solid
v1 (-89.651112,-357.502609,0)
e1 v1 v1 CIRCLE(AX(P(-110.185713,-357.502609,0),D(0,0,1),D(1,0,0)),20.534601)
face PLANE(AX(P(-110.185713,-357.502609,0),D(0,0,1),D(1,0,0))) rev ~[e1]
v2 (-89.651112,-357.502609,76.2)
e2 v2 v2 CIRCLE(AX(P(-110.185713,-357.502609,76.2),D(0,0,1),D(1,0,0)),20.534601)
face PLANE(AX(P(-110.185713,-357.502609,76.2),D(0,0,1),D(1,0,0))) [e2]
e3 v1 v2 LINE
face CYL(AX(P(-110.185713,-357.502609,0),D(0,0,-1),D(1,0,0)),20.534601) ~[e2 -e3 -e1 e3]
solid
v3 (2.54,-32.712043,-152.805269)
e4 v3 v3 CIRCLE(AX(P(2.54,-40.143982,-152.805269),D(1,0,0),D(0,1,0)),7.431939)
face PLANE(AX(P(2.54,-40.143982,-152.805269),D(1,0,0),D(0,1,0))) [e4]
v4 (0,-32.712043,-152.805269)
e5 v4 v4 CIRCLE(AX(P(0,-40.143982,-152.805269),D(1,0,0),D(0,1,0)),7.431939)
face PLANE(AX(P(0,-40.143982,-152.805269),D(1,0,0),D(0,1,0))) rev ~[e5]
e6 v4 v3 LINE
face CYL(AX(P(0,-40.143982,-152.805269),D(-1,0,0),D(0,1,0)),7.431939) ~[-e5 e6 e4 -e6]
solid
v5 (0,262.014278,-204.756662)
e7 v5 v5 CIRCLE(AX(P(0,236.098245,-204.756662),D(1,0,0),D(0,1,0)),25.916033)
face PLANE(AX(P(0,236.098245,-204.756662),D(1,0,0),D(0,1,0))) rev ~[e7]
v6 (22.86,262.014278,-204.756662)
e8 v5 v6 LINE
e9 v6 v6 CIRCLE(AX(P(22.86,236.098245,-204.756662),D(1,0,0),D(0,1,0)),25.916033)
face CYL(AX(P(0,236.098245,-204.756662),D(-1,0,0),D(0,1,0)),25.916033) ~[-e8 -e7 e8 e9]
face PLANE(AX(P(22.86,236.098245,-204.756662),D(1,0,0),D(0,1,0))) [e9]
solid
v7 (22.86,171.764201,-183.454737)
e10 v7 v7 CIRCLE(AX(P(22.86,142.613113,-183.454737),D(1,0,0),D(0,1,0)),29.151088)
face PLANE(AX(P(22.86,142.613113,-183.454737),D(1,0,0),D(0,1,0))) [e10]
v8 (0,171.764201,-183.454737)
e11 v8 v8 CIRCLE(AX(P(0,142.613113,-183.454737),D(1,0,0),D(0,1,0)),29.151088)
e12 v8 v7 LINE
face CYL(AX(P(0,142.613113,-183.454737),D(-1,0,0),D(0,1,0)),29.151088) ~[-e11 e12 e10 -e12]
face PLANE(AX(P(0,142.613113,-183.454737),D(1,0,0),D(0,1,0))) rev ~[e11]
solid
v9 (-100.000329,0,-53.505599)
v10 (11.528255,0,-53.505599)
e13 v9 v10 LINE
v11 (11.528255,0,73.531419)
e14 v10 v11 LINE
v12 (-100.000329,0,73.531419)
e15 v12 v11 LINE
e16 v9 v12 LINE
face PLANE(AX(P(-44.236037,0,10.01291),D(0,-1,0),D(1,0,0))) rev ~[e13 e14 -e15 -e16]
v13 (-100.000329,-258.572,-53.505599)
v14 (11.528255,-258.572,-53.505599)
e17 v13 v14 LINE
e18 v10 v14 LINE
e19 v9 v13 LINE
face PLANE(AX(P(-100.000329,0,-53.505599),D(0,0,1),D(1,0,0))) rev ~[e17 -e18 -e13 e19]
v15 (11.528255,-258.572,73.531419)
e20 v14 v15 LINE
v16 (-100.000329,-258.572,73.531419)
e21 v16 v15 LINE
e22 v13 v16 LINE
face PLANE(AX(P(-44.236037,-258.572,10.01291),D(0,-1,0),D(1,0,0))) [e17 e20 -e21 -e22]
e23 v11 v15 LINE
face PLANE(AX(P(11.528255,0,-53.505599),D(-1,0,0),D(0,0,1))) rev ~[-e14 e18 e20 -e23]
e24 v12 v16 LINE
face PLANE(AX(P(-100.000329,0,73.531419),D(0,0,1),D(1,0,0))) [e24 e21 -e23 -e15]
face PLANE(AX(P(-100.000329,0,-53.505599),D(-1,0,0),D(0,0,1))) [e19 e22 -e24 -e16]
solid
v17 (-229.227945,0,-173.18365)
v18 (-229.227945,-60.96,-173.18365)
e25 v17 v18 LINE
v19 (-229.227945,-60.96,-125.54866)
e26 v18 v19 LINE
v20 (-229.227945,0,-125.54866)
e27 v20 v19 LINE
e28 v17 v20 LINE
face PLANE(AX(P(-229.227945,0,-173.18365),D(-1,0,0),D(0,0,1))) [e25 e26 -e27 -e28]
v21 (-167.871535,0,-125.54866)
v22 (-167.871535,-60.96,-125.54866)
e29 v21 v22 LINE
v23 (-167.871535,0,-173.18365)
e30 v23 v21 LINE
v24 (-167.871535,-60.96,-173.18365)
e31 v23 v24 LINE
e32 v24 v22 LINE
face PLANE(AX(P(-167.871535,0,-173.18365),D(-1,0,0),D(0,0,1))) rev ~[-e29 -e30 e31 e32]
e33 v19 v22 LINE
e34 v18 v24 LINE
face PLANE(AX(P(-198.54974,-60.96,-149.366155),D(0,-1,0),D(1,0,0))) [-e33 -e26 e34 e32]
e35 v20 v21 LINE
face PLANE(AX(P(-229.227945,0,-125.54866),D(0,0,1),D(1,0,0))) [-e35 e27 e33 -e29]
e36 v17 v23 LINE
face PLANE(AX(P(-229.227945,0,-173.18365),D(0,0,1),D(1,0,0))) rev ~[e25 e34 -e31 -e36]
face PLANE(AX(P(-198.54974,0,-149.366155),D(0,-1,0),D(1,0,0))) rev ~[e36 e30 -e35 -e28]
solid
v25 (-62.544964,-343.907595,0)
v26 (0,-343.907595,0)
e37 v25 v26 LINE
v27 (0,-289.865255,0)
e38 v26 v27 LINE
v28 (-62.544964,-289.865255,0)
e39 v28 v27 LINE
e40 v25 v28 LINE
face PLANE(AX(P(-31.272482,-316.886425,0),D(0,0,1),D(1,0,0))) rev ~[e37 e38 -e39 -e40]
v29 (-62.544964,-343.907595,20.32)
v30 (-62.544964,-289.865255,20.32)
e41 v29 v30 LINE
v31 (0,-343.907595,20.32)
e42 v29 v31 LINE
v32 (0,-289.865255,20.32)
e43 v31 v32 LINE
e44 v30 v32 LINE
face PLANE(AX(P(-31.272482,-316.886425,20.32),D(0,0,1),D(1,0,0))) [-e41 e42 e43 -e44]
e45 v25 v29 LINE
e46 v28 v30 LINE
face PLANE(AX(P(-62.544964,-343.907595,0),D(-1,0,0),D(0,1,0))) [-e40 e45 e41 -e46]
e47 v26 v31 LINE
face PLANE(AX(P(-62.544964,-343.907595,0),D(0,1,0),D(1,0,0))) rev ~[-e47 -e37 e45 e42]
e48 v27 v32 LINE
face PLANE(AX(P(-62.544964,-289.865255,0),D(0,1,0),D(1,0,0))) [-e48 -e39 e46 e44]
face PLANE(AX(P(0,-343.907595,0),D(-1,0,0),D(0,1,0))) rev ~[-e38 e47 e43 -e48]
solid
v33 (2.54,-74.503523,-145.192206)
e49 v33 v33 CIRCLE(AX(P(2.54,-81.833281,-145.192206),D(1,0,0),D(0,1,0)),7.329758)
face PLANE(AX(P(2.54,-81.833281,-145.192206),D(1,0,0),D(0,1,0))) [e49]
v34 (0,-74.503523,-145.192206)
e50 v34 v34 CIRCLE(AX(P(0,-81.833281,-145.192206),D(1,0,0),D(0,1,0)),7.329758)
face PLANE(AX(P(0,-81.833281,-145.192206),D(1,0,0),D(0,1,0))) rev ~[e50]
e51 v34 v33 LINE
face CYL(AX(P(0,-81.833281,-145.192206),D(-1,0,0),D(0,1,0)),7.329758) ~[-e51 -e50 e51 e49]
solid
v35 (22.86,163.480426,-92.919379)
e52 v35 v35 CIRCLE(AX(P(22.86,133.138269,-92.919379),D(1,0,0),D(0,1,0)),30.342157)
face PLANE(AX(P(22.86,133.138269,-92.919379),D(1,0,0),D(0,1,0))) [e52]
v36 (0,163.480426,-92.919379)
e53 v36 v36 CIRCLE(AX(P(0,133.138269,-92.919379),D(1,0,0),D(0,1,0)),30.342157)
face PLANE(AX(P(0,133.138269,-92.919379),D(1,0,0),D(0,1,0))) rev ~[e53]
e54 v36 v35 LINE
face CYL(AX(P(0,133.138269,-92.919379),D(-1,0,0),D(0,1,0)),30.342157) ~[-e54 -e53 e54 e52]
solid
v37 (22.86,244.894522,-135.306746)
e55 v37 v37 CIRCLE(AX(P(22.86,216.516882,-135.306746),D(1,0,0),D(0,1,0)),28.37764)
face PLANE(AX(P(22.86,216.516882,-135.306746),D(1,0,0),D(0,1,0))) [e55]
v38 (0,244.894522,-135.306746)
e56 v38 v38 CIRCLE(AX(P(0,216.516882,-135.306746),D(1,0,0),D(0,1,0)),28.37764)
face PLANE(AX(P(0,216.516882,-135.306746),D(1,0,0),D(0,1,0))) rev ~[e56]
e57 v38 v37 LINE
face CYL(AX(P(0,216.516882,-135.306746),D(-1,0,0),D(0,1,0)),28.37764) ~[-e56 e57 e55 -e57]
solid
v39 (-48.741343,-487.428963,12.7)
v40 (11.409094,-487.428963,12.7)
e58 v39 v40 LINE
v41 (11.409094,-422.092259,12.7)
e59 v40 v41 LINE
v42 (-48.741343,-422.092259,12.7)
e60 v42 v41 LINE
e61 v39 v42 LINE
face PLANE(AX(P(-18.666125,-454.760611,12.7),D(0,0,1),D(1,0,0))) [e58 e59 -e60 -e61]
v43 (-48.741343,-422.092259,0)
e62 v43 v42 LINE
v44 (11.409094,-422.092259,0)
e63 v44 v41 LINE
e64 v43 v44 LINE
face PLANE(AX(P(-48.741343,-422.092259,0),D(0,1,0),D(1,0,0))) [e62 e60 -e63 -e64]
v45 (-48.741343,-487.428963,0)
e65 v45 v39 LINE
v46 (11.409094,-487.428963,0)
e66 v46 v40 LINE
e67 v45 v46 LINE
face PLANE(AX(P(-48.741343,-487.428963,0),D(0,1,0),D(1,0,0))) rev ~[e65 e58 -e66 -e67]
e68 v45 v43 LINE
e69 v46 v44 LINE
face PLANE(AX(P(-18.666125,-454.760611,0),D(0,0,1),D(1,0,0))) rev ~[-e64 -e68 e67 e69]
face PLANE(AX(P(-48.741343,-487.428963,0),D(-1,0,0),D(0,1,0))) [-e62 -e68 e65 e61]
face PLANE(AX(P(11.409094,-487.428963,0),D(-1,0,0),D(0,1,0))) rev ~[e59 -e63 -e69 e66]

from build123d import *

# Parameters (mm, degrees)
F0_W      = 111.528584
F0_H      = 127.037018
F1_DEPTH  = 258.572
F2_W      = 62.544964
F2_H      = 54.04234
F3_DEPTH  = 20.32
F4_W      = 61.35641
F4_H      = 47.634989
F5_DEPTH  = 60.96
F6_R      = 28.37764
F6_R_2    = 25.916033
F6_R_3    = 29.151088
F6_R_4    = 30.342157
F7_DEPTH  = 22.86
F8_R      = 7.329758
F9_DEPTH  = 2.54
F10_R     = 7.431939
F11_DEPTH = 2.54
F12_R     = 20.534601
F13_DEPTH = 76.2
F14_W     = 60.150437
F14_H     = 65.336704
F15_DEPTH = 12.7


with BuildPart() as f1:
    # F0 (on Front) → F1 (new body)
    with BuildSketch(Plane.XZ):
        with Locations((-44.236037, 10.01291)):
            Rectangle(F0_W, F0_H)
    extrude(amount=F1_DEPTH)


with BuildPart() as f3:
    # F2 (on Top) → F3 (new body)
    with BuildSketch(Plane.XY):
        with Locations((-31.272482, -316.886425)):
            Rectangle(F2_W, F2_H)
    extrude(amount=F3_DEPTH)


with BuildPart() as f5:
    # F4 (on Front) → F5 (new body)
    with BuildSketch(Plane.XZ):
        with Locations((-198.54974, -149.366155)):
            Rectangle(F4_W, F4_H)
    extrude(amount=F5_DEPTH)


with BuildPart() as f7:
    # F6 (on Right) → F7 (new body)
    with BuildSketch(Plane.YZ):
        with Locations((216.516882, -135.306746)):
            Circle(F6_R)
        with Locations((236.098245, -204.756662)):
            Circle(F6_R_2)
        with Locations((142.613113, -183.454737)):
            Circle(F6_R_3)
        with Locations((133.138269, -92.919379)):
            Circle(F6_R_4)
    extrude(amount=F7_DEPTH)


with BuildPart() as f9:
    # F8 (on Right) → F9 (new body)
    with BuildSketch(Plane.YZ):
        with Locations((-81.833281, -145.192206)):
            Circle(F8_R)
    extrude(amount=F9_DEPTH)


with BuildPart() as f11:
    # F10 (on Right) → F11 (new body)
    with BuildSketch(Plane.YZ):
        with Locations((-40.143982, -152.805269)):
            Circle(F10_R)
    extrude(amount=F11_DEPTH)


with BuildPart() as f13:
    # F12 (on Top) → F13 (new body)
    with BuildSketch(Plane.XY):
        with Locations((-110.185713, -357.502609)):
            Circle(F12_R)
    extrude(amount=F13_DEPTH)


with BuildPart() as f15:
    # F14 (on Top) → F15 (new body)
    with BuildSketch(Plane.XY):
        with Locations((-18.666125, -454.760611)):
            Rectangle(F14_W, F14_H)
    extrude(amount=F15_DEPTH)


solid = Compound([f1.part, f3.part, f5.part, f7.part, f9.part, f11.part, f13.part, f15.part])
